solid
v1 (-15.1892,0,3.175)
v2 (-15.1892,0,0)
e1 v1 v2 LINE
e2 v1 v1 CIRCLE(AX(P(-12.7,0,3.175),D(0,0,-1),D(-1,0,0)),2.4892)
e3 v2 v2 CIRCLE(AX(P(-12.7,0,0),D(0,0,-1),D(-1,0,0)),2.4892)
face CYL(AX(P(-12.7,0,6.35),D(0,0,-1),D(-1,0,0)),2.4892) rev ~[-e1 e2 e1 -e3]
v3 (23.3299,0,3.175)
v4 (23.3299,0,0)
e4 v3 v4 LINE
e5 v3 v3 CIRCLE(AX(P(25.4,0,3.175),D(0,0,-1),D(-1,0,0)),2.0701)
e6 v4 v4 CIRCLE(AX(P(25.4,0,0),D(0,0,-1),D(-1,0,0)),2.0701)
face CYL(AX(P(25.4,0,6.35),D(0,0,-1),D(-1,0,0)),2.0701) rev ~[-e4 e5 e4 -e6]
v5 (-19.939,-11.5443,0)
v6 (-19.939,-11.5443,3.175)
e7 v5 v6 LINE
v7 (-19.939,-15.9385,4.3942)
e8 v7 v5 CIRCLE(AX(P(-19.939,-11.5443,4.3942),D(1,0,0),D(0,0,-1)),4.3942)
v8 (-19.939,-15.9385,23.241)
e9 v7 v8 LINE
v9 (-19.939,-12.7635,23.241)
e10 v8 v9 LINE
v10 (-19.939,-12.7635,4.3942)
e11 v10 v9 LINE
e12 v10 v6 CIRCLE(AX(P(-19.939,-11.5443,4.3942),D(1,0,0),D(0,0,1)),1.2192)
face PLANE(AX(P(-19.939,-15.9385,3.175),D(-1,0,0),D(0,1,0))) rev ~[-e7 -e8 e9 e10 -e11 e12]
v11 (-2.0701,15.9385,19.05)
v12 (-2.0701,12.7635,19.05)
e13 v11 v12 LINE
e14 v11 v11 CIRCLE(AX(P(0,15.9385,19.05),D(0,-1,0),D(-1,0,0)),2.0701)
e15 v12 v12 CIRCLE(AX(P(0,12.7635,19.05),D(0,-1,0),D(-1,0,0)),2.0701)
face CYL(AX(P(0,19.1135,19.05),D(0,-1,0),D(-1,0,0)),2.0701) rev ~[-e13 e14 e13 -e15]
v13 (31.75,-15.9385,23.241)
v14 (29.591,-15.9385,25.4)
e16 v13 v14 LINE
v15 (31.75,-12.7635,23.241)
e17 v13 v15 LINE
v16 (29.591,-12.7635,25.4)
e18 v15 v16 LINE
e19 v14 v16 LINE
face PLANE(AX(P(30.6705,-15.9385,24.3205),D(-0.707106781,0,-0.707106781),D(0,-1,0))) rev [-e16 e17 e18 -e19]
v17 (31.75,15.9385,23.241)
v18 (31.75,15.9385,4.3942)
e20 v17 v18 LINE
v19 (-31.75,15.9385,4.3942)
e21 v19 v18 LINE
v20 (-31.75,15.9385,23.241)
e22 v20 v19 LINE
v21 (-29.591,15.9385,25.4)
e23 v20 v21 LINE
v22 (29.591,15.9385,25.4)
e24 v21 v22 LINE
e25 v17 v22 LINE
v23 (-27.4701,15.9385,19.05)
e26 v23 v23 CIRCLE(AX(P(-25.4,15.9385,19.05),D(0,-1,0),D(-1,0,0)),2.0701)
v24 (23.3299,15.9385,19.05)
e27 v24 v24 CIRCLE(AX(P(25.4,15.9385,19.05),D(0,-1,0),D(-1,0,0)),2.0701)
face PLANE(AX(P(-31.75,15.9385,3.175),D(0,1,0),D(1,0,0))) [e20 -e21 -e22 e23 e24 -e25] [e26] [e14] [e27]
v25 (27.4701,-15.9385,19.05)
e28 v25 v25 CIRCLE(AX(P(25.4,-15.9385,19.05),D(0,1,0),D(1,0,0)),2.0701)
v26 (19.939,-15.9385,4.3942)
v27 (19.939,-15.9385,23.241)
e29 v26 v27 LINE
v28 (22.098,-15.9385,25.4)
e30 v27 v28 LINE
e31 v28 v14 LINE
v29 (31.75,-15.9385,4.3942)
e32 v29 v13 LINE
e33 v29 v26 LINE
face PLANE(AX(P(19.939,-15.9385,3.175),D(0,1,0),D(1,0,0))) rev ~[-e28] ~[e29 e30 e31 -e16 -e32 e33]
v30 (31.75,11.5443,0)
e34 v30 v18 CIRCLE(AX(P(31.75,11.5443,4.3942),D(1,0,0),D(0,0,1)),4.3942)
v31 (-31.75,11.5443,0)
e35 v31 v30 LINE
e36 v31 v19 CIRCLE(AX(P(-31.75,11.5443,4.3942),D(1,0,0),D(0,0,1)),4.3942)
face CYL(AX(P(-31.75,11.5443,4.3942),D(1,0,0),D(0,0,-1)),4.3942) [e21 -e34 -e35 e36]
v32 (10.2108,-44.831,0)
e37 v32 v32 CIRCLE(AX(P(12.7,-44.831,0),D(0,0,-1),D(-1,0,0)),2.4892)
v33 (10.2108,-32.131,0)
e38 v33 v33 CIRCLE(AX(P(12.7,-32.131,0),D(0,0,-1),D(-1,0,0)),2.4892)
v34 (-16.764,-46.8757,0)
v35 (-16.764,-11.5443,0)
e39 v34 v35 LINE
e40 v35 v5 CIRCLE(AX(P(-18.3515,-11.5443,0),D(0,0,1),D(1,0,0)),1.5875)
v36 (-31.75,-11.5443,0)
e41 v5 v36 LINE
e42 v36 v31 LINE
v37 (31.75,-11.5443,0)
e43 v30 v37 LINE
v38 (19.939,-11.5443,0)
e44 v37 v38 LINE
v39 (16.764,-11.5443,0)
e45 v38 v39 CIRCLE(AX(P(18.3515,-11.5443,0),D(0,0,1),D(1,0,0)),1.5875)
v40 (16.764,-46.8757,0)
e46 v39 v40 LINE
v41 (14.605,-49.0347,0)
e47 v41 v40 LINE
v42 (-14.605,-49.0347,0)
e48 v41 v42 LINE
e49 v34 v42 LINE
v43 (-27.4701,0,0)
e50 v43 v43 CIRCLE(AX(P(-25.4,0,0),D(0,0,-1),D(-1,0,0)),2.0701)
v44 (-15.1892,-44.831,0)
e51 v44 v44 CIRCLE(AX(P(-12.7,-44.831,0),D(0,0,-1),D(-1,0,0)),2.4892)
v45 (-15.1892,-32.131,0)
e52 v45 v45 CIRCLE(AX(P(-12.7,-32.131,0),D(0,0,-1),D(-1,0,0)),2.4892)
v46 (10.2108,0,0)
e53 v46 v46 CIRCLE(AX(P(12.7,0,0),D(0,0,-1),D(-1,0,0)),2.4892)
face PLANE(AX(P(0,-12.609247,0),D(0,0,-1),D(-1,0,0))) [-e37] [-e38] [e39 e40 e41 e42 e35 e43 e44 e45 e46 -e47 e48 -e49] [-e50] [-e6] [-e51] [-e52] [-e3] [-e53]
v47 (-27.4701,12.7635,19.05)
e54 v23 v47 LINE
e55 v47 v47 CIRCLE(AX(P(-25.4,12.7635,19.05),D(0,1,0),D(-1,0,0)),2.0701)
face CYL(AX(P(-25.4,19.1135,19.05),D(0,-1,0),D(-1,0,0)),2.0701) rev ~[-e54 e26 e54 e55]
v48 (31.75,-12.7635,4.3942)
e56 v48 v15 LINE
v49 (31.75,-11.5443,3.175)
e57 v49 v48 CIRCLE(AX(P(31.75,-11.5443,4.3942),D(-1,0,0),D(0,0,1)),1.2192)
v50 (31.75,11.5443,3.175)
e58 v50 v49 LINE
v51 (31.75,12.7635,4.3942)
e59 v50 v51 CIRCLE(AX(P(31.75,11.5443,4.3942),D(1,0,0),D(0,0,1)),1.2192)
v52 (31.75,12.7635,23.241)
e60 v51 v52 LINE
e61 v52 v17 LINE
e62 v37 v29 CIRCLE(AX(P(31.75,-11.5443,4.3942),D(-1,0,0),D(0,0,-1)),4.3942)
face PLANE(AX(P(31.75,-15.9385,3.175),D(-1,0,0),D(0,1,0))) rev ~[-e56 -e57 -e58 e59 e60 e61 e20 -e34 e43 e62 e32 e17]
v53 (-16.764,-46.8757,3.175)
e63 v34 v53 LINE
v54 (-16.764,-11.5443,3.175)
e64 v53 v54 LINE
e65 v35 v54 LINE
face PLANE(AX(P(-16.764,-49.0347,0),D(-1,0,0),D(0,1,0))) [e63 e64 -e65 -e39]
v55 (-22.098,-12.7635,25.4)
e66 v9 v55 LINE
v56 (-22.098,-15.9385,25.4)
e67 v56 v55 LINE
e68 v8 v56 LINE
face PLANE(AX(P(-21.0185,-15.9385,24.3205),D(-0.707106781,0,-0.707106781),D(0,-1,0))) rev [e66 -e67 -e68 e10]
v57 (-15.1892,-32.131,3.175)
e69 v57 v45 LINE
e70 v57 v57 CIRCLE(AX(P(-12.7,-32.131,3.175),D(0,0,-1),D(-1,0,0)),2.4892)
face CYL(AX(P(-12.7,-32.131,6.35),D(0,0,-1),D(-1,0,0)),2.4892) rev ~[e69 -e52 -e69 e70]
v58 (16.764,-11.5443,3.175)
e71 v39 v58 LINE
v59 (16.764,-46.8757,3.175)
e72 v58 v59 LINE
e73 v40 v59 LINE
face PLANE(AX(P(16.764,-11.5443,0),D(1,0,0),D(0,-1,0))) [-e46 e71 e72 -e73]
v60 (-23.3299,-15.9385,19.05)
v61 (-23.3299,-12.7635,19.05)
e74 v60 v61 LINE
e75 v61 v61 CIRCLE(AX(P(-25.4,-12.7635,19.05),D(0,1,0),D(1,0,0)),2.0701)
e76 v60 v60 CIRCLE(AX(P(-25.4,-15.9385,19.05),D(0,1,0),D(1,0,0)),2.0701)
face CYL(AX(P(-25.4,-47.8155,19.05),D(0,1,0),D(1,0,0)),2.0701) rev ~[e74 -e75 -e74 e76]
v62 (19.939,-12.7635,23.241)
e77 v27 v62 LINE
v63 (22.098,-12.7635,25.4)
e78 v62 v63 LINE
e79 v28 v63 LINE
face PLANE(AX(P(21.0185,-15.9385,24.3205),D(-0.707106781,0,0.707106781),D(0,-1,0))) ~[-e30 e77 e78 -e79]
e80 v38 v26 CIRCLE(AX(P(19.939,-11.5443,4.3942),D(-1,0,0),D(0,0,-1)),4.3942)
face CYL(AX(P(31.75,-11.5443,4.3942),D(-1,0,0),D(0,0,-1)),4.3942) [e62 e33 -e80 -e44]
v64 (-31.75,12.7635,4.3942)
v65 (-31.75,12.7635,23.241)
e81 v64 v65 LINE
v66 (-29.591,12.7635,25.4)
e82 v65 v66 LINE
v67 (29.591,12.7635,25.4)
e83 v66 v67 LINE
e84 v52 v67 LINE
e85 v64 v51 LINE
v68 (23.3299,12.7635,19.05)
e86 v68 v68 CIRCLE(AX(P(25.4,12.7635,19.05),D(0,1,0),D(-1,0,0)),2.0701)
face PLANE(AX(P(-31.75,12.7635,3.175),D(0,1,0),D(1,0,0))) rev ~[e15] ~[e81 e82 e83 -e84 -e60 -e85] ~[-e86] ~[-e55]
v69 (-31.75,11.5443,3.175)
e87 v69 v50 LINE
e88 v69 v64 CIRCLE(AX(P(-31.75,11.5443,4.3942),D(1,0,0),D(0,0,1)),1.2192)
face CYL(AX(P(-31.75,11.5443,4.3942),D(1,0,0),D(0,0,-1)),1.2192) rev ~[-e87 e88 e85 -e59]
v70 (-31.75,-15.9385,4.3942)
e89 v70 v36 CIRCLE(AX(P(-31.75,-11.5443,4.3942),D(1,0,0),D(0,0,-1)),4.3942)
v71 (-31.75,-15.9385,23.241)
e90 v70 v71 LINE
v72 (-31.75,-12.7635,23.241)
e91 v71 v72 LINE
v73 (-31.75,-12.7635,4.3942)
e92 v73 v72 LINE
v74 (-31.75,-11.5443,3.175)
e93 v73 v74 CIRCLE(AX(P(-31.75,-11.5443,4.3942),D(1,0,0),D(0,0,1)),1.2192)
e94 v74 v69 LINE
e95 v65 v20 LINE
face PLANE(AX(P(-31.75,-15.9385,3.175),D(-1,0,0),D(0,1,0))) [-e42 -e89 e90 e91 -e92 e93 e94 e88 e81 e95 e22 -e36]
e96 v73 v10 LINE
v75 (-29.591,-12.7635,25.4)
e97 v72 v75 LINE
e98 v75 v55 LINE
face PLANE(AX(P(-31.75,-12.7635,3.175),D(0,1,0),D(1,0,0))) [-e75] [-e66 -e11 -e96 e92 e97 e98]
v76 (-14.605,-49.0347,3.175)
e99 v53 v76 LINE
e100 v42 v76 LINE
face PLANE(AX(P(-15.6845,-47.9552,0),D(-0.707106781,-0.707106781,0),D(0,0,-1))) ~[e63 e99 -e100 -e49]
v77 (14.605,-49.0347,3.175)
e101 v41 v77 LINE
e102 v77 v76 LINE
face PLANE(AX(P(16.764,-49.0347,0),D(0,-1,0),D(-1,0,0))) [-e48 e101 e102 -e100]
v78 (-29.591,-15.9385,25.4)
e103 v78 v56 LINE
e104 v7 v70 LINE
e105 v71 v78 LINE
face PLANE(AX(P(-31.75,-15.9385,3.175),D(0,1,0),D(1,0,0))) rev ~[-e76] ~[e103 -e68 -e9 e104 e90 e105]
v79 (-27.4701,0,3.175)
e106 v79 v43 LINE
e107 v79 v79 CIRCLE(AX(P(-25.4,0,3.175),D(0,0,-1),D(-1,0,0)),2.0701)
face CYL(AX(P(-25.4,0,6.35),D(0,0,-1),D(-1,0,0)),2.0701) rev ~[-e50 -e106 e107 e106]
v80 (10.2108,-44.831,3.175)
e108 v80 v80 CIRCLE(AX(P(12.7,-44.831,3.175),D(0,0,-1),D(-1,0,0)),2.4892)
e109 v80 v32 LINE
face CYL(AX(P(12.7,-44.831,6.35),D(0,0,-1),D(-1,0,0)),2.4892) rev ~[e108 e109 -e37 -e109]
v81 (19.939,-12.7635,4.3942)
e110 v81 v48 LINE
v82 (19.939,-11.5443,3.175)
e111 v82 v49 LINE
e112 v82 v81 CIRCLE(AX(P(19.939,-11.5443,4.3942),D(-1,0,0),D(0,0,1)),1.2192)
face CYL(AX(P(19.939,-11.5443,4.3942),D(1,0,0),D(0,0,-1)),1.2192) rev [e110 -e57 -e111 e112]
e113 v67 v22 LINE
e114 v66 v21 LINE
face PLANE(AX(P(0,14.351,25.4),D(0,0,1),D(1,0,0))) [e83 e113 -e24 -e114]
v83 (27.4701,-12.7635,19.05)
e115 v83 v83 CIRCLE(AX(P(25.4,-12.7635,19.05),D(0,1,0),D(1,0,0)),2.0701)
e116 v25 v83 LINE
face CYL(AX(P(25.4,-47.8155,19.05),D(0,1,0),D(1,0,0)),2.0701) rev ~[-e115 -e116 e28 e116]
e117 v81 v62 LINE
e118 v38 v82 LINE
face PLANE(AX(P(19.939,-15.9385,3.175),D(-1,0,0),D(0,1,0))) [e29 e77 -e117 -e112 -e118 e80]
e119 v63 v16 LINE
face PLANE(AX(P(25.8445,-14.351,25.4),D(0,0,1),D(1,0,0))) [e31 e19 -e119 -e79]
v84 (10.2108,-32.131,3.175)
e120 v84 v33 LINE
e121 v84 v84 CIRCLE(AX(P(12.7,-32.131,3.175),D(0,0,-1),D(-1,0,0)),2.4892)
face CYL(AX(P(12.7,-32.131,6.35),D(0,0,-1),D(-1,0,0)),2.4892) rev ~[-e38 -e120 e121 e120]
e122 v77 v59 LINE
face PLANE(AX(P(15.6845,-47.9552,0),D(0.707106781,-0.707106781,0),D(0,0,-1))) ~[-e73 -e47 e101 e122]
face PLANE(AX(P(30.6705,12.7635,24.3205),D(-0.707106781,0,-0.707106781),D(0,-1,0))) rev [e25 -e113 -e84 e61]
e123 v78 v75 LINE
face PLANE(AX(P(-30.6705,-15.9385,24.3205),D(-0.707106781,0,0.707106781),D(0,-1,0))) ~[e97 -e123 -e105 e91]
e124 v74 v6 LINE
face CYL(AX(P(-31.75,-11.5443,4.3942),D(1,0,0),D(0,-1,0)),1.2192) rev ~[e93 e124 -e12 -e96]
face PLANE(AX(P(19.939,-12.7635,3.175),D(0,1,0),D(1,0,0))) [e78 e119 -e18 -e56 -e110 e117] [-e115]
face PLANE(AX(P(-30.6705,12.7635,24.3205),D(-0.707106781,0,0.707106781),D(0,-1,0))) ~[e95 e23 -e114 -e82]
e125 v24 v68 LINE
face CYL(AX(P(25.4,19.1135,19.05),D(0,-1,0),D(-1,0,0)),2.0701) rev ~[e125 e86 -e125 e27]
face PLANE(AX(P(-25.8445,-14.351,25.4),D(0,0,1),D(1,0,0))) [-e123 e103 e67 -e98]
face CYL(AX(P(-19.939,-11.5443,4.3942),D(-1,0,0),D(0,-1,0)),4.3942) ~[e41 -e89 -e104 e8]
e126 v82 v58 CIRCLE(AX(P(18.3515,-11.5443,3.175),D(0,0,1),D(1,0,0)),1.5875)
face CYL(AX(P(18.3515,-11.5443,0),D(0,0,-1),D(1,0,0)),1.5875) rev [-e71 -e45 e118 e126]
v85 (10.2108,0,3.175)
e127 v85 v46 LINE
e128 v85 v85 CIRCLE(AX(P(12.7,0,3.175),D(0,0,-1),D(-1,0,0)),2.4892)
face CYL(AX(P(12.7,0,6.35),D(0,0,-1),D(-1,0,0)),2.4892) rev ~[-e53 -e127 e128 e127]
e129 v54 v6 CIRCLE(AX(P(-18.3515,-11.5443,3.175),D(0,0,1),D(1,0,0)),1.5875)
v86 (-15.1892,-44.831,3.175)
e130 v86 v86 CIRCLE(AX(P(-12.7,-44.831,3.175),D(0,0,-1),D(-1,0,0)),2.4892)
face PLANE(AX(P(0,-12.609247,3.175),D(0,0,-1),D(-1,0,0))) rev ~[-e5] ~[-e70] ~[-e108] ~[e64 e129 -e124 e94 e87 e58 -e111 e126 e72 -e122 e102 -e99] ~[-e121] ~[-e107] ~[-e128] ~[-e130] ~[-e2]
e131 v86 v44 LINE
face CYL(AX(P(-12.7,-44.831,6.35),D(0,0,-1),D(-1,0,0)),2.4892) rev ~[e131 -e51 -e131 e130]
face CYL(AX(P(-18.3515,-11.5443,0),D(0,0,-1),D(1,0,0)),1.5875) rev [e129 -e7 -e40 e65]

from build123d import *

# Parameters (mm, degrees)
BOSS_EXTRUDE1_DEPTH        = 3.175
SKETCH2_W                  = 63.5
SKETCH2_H                  = 3.175
BOSS_EXTRUDE2_DEPTH        = 22.225
SKETCH3_W                  = 11.811
SKETCH3_H                  = 3.175
BOSS_EXTRUDE3_DEPTH        = 22.225
SKETCH4_W                  = 11.811
SKETCH4_H                  = 3.175
BOSS_EXTRUDE4_DEPTH        = 22.225
HOLE1_D                    = 4.9784
HOLE1_DEPTH                = 3.175
M3_5_CLEARANCE_HOLE1_D     = 4.1402
M3_5_CLEARANCE_HOLE1_DEPTH = 3.175
M3_5_CLEARANCE_HOLE2_D     = 4.1402
M3_5_CLEARANCE_HOLE2_DEPTH = 3.175
M3_5_CLEARANCE_HOLE3_D     = 4.1402
M3_5_CLEARANCE_HOLE3_DEPTH = 31.877
CHAMFER1_SIZE              = 2.159
FILLET1_R                  = 1.2192
FILLET2_R                  = 4.3942


with BuildPart() as part:
    # Sketch1 → Boss-Extrude1 (new body)
    with BuildSketch(Plane(origin=(0, 0, 0), x_dir=(-1, 0, 0), z_dir=(0, 0, -1))):
        with BuildLine():
            Line((-16.764, -49.0347), (16.764, -49.0347))
            Line((16.764, -49.0347), (16.764, -11.5443))
            ThreePointArc((16.764, -11.5443), (18.3515, -9.9568), (19.939, -11.5443))
            Line((19.939, -11.5443), (19.939, -15.9385))
            Line((19.939, -15.9385), (31.75, -15.9385))
            Line((31.75, -15.9385), (31.75, 15.9385))
            Line((31.75, 15.9385), (-31.75, 15.9385))
            Line((-31.75, 15.9385), (-31.75, -15.9385))
            Line((-31.75, -15.9385), (-19.939, -15.9385))
            Line((-19.939, -15.9385), (-19.939, -11.5443))
            ThreePointArc((-19.939, -11.5443), (-18.3515, -9.9568), (-16.764, -11.5443))
            Line((-16.764, -11.5443), (-16.764, -49.0347))
        make_face()
    extrude(amount=-BOSS_EXTRUDE1_DEPTH)

    # Sketch2 → Boss-Extrude2 (add)
    with BuildSketch(Plane.XY.offset(3.175)):
        with Locations((0, 14.351)):
            Rectangle(SKETCH2_W, SKETCH2_H)
    extrude(amount=BOSS_EXTRUDE2_DEPTH)

    # Sketch3 → Boss-Extrude3 (add)
    with BuildSketch(Plane.XY.offset(3.175)):
        with Locations((25.8445, -14.351)):
            Rectangle(SKETCH3_W, SKETCH3_H)
    extrude(amount=BOSS_EXTRUDE3_DEPTH)

    # Sketch4 → Boss-Extrude4 (add)
    with BuildSketch(Plane.XY.offset(3.175)):
        with Locations((-25.8445, -14.351)):
            Rectangle(SKETCH4_W, SKETCH4_H)
    extrude(amount=BOSS_EXTRUDE4_DEPTH)

    # Hole1
    with Locations(Plane.XY.offset(3.175)):
        with Locations((12.7, -44.831), (-12.7, -44.831), (-12.7, -32.131), (12.7, -32.131), (-12.7, 0), (12.7, 0)):
            Hole(HOLE1_D / 2, depth=HOLE1_DEPTH)

    # M3.5 Clearance Hole1
    with Locations(Plane.XY.offset(3.175)):
        with Locations((-25.4, 0), (25.4, 0)):
            Hole(M3_5_CLEARANCE_HOLE1_D / 2, depth=M3_5_CLEARANCE_HOLE1_DEPTH)

    # M3.5 Clearance Hole2
    with Locations(Plane(origin=(0, 15.9385, 0), x_dir=(1, 0, 0), z_dir=(0, 1, 0))):
        with Locations((25.4, -19.05), (0, -19.05), (-25.4, -19.05)):
            Hole(M3_5_CLEARANCE_HOLE2_D / 2, depth=M3_5_CLEARANCE_HOLE2_DEPTH)

    # M3.5 Clearance Hole3
    with Locations(Plane(origin=(0, -15.9385, 0), x_dir=(-1, 0, 0), z_dir=(0, -1, 0))):
        with Locations((-25.4, -19.05), (25.4, -19.05)):
            Hole(M3_5_CLEARANCE_HOLE3_D / 2, depth=M3_5_CLEARANCE_HOLE3_DEPTH)

    # Chamfer1
    chamfer1_edges = [part.edges().sort_by_distance(p)[0] for p in [
        (-19.939, -14.351, 25.4),
        (31.75, 14.351, 25.4),
        (31.75, -14.351, 25.4),
        (16.764, -49.0347, 1.5875),
        (-31.75, 14.351, 25.4),
        (-31.75, -14.351, 25.4),
        (19.939, -14.351, 25.4),
        (-16.764, -49.0347, 1.5875),
    ]]
    chamfer(chamfer1_edges, length=CHAMFER1_SIZE)

    # Fillet1
    fillet1_edges = [part.edges().sort_by_distance(p)[0] for p in [
        (25.8445, -12.7635, 3.175),
        (-25.8445, -12.7635, 3.175),
        (0, 12.7635, 3.175),
    ]]
    fillet(fillet1_edges, radius=FILLET1_R)

    # Fillet2
    fillet2_edges = [part.edges().sort_by_distance(p)[0] for p in [
        (25.8445, -15.9385, 0),
        (-25.8445, -15.9385, 0),
        (0, 15.9385, 0),
    ]]
    fillet(fillet2_edges, radius=FILLET2_R)


solid = part.part
